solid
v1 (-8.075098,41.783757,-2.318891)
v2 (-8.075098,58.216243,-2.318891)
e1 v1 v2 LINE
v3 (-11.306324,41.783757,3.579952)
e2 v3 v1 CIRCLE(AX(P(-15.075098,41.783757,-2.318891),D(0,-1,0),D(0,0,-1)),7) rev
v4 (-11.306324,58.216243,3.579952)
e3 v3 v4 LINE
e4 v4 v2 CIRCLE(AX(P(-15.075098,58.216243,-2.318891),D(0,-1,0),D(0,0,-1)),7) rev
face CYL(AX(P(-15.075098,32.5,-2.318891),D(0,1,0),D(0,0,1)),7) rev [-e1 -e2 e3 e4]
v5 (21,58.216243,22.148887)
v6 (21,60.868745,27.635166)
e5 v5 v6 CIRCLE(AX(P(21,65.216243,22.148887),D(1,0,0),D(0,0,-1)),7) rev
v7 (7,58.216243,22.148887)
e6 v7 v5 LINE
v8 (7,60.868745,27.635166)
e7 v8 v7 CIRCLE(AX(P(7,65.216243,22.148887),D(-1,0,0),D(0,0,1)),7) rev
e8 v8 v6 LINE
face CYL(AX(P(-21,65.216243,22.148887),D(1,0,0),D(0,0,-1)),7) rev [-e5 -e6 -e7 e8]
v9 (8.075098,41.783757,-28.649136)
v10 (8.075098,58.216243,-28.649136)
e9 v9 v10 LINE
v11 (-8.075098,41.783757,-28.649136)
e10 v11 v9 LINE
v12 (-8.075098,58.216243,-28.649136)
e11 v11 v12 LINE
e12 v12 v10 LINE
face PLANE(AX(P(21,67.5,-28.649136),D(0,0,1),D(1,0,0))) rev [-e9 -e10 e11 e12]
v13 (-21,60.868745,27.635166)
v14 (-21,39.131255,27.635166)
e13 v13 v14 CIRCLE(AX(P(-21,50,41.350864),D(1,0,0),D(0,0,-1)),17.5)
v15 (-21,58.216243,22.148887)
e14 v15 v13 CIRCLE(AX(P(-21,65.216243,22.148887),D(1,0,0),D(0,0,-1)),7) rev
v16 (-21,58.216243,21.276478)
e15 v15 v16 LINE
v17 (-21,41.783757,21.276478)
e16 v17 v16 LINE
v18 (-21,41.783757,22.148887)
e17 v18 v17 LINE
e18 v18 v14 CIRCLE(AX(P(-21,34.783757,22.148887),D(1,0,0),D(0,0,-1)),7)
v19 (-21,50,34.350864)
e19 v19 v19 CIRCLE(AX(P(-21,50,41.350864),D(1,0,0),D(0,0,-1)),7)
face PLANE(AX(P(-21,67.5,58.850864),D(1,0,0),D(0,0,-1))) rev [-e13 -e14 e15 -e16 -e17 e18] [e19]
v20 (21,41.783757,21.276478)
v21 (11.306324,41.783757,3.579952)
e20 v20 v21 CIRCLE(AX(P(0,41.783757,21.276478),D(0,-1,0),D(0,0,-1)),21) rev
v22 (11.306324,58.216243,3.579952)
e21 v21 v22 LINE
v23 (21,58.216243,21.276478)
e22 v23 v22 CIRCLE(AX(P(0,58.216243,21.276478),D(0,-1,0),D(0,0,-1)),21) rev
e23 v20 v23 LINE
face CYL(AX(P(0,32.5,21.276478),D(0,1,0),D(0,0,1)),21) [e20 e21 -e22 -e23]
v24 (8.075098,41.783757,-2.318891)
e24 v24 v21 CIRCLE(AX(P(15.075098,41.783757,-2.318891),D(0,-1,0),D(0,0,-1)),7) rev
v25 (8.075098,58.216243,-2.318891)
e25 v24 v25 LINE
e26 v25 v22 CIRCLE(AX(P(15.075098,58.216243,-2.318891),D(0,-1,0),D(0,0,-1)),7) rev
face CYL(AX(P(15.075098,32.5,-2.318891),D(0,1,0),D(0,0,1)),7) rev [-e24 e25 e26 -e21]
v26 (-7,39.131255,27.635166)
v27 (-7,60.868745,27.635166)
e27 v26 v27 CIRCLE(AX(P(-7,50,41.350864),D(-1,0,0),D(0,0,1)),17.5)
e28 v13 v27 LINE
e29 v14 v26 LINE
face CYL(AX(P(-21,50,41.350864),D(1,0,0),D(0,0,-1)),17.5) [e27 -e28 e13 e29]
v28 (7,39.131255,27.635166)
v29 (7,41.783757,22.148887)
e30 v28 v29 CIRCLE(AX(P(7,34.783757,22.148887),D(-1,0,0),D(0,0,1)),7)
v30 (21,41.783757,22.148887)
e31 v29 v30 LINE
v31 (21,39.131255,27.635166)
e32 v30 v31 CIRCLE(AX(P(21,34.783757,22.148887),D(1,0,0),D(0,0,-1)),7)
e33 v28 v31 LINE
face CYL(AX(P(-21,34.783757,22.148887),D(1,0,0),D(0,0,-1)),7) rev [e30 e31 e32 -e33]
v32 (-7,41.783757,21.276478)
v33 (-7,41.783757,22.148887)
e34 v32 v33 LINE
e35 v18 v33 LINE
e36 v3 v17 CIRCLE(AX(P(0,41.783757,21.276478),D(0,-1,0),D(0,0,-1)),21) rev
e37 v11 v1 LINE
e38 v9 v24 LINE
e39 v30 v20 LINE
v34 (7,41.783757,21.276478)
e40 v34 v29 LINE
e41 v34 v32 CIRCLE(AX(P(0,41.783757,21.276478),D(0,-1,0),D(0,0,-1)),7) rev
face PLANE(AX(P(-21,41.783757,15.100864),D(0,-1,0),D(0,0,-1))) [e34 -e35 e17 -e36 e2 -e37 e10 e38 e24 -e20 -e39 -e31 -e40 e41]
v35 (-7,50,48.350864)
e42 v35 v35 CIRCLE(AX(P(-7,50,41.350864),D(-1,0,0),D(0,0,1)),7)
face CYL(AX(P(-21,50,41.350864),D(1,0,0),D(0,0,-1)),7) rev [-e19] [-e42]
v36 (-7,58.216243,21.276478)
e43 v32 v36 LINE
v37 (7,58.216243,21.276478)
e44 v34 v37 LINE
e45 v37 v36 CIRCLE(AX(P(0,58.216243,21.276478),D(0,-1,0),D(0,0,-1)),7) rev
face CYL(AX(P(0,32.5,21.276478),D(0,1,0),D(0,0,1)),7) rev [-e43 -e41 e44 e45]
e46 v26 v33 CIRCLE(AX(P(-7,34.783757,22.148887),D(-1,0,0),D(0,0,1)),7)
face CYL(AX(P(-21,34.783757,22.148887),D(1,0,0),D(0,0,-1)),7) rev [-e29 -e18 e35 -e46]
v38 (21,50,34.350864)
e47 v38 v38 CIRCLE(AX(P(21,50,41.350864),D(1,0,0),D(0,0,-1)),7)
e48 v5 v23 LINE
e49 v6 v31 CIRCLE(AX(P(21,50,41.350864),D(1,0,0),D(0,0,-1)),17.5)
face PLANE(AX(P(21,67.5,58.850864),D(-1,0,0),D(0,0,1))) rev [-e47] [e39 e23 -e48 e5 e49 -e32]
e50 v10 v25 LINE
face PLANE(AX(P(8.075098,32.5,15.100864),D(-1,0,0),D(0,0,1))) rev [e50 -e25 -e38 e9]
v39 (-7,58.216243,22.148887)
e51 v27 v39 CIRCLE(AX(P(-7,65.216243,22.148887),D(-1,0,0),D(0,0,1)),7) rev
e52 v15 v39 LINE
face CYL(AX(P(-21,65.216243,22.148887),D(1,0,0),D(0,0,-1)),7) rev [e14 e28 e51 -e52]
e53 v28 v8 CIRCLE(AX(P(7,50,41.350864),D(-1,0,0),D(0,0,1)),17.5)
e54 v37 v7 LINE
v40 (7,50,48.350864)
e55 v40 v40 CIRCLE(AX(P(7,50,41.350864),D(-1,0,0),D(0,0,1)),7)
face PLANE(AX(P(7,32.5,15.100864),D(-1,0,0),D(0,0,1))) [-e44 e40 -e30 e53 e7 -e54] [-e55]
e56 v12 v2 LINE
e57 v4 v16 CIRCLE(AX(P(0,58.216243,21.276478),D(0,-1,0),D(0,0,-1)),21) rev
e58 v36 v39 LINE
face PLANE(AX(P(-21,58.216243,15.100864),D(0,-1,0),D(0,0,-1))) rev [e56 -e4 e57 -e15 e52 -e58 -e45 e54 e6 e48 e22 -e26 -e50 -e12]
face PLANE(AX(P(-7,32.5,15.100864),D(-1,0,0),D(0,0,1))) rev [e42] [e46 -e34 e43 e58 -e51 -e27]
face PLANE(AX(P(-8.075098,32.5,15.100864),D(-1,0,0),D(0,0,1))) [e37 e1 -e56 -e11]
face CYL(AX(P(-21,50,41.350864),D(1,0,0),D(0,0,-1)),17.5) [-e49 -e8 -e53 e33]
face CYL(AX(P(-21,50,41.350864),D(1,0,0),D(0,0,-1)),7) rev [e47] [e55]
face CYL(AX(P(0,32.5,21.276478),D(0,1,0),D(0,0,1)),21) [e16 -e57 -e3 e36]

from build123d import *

# Parameters (mm, degrees)
SKETCH2_W           = 120
SKETCH2_H           = 250
BOSS_EXTRUDE1_DEPTH = 100
SKETCH4_R           = 20
CUT_EXTRUDE1_DEPTH  = 100
SKETCH5_R           = 20
CUT_EXTRUDE5_DEPTH  = 201.062490237
SCALE1_SCALE        = 0.35


with BuildPart() as part:
    # Sketch2 → Boss-Extrude1 (new body)
    with BuildSketch(Plane(origin=(0, 0, 0), x_dir=(1, 0, 0), z_dir=(0, 1, 0))):
        Rectangle(SKETCH2_W, SKETCH2_H)
    extrude(amount=BOSS_EXTRUDE1_DEPTH)

    # Sketch4 → Cut-Extrude1 (cut)
    with BuildSketch(Plane(origin=(0, 100, 0), x_dir=(1, 0, 0), z_dir=(0, 1, 0))):
        with BuildLine():
            Line((-60, 125), (-60, -17.644609552))
            ThreePointArc((-60, -17.644609552), (-52.622366518, 11.180492718), (-32.303782241, 32.916893747))
            ThreePointArc((-32.303782241, 32.916893747), (-25.530920786, 40.16236081), (-23.071709655, 49.770728302))
            Line((-23.071709655, 49.770728302), (-23.071709655, 125))
            Line((-23.071709655, 125), (-60, 125))
        make_face()
        with BuildLine():
            ThreePointArc((32.303782241, 32.916893747), (52.62236667, 11.18049244), (60, -17.644610185))
            Line((60, -17.644610185), (60, 125))
            Line((60, 125), (23.071709655, 125))
            Line((23.071709655, 125), (23.071709655, 49.770728302))
            ThreePointArc((23.071709655, 49.770728302), (25.530920786, 40.16236081), (32.303782241, 32.916893747))
        make_face()
        with Locations((0, -17.644609919)):
            Circle(SKETCH4_R)
        with BuildLine():
            Line((-20, -17.644609919), (-20, -74.213152414))
            ThreePointArc((-20, -74.213152414), (0, -77.644609919), (20, -74.213152414))
            Line((20, -74.213152414), (20, -17.644609919))
            ThreePointArc((20, -17.644609919), (0, -37.644609919), (-20, -17.644609919))
        make_face()
        with BuildLine():
            Line((-20, -74.213152414), (-20, -125))
            Line((-20, -125), (20, -125))
            Line((20, -125), (20, -74.213152414))
            ThreePointArc((20, -74.213152414), (0, -77.644609919), (-20, -74.213152414))
        make_face()
    extrude(amount=-CUT_EXTRUDE1_DEPTH, mode=Mode.SUBTRACT)

    # Sketch5 → Cut-Extrude5 (cut, through all)
    # profile 1 of 2: a face of its own
    with BuildSketch(Plane(origin=(60, 0, 0), x_dir=(0, 0, -1), z_dir=(1, 0, 0))):
        Polygon((125, 100), (49.770728302, 100), (32.916893747, 100), (-17.644609919, 100), (-125, 100), (-125, 0), (-17.644609919, 0), (32.916893747, 0), (49.770728302, 0), (125, 0), align=None)
        with BuildLine():
            Line((125, 73.474979738), (125, 26.525020262))
            Line((125, 26.525020262), (-20.137206262, 26.525020262))
            ThreePointArc((-20.137206262, 26.525020262), (-28.84270867, 24.530970051), (-35.812290187, 18.946443044))
            ThreePointArc((-35.812290187, 18.946443044), (-125, 50), (-35.812290187, 81.053556956))
            ThreePointArc((-35.812290187, 81.053556956), (-28.84270867, 75.469029949), (-20.137206262, 73.474979738))
            Line((-20.137206262, 73.474979738), (125, 73.474979738))
        make_face(mode=Mode.SUBTRACT)
    # profile 2 of 2: a face of its own
    with BuildSketch(Plane(origin=(60, 0, 0), x_dir=(0, 0, -1), z_dir=(1, 0, 0))):
        with Locations((-75, 50)):
            Circle(SKETCH5_R)
    extrude(amount=-CUT_EXTRUDE5_DEPTH, mode=Mode.SUBTRACT)


with BuildPart() as cut_extrude5_kept_piece:
    # of the separate pieces the step leaves, the one the design keeps (cut_extrude5_pieces_kept)
    add(part.part.solids().sort_by_distance((23.071709655, 73.474979738, -125))[0])


with BuildPart() as cut_extrude5_kept_piece_1:
    # Scale1: scaled about (0, 50, 23.23209908)
    add(cut_extrude5_kept_piece.part.scale(SCALE1_SCALE).moved(Location((0, 32.5, 15.100864402))))


solid = cut_extrude5_kept_piece_1.part
